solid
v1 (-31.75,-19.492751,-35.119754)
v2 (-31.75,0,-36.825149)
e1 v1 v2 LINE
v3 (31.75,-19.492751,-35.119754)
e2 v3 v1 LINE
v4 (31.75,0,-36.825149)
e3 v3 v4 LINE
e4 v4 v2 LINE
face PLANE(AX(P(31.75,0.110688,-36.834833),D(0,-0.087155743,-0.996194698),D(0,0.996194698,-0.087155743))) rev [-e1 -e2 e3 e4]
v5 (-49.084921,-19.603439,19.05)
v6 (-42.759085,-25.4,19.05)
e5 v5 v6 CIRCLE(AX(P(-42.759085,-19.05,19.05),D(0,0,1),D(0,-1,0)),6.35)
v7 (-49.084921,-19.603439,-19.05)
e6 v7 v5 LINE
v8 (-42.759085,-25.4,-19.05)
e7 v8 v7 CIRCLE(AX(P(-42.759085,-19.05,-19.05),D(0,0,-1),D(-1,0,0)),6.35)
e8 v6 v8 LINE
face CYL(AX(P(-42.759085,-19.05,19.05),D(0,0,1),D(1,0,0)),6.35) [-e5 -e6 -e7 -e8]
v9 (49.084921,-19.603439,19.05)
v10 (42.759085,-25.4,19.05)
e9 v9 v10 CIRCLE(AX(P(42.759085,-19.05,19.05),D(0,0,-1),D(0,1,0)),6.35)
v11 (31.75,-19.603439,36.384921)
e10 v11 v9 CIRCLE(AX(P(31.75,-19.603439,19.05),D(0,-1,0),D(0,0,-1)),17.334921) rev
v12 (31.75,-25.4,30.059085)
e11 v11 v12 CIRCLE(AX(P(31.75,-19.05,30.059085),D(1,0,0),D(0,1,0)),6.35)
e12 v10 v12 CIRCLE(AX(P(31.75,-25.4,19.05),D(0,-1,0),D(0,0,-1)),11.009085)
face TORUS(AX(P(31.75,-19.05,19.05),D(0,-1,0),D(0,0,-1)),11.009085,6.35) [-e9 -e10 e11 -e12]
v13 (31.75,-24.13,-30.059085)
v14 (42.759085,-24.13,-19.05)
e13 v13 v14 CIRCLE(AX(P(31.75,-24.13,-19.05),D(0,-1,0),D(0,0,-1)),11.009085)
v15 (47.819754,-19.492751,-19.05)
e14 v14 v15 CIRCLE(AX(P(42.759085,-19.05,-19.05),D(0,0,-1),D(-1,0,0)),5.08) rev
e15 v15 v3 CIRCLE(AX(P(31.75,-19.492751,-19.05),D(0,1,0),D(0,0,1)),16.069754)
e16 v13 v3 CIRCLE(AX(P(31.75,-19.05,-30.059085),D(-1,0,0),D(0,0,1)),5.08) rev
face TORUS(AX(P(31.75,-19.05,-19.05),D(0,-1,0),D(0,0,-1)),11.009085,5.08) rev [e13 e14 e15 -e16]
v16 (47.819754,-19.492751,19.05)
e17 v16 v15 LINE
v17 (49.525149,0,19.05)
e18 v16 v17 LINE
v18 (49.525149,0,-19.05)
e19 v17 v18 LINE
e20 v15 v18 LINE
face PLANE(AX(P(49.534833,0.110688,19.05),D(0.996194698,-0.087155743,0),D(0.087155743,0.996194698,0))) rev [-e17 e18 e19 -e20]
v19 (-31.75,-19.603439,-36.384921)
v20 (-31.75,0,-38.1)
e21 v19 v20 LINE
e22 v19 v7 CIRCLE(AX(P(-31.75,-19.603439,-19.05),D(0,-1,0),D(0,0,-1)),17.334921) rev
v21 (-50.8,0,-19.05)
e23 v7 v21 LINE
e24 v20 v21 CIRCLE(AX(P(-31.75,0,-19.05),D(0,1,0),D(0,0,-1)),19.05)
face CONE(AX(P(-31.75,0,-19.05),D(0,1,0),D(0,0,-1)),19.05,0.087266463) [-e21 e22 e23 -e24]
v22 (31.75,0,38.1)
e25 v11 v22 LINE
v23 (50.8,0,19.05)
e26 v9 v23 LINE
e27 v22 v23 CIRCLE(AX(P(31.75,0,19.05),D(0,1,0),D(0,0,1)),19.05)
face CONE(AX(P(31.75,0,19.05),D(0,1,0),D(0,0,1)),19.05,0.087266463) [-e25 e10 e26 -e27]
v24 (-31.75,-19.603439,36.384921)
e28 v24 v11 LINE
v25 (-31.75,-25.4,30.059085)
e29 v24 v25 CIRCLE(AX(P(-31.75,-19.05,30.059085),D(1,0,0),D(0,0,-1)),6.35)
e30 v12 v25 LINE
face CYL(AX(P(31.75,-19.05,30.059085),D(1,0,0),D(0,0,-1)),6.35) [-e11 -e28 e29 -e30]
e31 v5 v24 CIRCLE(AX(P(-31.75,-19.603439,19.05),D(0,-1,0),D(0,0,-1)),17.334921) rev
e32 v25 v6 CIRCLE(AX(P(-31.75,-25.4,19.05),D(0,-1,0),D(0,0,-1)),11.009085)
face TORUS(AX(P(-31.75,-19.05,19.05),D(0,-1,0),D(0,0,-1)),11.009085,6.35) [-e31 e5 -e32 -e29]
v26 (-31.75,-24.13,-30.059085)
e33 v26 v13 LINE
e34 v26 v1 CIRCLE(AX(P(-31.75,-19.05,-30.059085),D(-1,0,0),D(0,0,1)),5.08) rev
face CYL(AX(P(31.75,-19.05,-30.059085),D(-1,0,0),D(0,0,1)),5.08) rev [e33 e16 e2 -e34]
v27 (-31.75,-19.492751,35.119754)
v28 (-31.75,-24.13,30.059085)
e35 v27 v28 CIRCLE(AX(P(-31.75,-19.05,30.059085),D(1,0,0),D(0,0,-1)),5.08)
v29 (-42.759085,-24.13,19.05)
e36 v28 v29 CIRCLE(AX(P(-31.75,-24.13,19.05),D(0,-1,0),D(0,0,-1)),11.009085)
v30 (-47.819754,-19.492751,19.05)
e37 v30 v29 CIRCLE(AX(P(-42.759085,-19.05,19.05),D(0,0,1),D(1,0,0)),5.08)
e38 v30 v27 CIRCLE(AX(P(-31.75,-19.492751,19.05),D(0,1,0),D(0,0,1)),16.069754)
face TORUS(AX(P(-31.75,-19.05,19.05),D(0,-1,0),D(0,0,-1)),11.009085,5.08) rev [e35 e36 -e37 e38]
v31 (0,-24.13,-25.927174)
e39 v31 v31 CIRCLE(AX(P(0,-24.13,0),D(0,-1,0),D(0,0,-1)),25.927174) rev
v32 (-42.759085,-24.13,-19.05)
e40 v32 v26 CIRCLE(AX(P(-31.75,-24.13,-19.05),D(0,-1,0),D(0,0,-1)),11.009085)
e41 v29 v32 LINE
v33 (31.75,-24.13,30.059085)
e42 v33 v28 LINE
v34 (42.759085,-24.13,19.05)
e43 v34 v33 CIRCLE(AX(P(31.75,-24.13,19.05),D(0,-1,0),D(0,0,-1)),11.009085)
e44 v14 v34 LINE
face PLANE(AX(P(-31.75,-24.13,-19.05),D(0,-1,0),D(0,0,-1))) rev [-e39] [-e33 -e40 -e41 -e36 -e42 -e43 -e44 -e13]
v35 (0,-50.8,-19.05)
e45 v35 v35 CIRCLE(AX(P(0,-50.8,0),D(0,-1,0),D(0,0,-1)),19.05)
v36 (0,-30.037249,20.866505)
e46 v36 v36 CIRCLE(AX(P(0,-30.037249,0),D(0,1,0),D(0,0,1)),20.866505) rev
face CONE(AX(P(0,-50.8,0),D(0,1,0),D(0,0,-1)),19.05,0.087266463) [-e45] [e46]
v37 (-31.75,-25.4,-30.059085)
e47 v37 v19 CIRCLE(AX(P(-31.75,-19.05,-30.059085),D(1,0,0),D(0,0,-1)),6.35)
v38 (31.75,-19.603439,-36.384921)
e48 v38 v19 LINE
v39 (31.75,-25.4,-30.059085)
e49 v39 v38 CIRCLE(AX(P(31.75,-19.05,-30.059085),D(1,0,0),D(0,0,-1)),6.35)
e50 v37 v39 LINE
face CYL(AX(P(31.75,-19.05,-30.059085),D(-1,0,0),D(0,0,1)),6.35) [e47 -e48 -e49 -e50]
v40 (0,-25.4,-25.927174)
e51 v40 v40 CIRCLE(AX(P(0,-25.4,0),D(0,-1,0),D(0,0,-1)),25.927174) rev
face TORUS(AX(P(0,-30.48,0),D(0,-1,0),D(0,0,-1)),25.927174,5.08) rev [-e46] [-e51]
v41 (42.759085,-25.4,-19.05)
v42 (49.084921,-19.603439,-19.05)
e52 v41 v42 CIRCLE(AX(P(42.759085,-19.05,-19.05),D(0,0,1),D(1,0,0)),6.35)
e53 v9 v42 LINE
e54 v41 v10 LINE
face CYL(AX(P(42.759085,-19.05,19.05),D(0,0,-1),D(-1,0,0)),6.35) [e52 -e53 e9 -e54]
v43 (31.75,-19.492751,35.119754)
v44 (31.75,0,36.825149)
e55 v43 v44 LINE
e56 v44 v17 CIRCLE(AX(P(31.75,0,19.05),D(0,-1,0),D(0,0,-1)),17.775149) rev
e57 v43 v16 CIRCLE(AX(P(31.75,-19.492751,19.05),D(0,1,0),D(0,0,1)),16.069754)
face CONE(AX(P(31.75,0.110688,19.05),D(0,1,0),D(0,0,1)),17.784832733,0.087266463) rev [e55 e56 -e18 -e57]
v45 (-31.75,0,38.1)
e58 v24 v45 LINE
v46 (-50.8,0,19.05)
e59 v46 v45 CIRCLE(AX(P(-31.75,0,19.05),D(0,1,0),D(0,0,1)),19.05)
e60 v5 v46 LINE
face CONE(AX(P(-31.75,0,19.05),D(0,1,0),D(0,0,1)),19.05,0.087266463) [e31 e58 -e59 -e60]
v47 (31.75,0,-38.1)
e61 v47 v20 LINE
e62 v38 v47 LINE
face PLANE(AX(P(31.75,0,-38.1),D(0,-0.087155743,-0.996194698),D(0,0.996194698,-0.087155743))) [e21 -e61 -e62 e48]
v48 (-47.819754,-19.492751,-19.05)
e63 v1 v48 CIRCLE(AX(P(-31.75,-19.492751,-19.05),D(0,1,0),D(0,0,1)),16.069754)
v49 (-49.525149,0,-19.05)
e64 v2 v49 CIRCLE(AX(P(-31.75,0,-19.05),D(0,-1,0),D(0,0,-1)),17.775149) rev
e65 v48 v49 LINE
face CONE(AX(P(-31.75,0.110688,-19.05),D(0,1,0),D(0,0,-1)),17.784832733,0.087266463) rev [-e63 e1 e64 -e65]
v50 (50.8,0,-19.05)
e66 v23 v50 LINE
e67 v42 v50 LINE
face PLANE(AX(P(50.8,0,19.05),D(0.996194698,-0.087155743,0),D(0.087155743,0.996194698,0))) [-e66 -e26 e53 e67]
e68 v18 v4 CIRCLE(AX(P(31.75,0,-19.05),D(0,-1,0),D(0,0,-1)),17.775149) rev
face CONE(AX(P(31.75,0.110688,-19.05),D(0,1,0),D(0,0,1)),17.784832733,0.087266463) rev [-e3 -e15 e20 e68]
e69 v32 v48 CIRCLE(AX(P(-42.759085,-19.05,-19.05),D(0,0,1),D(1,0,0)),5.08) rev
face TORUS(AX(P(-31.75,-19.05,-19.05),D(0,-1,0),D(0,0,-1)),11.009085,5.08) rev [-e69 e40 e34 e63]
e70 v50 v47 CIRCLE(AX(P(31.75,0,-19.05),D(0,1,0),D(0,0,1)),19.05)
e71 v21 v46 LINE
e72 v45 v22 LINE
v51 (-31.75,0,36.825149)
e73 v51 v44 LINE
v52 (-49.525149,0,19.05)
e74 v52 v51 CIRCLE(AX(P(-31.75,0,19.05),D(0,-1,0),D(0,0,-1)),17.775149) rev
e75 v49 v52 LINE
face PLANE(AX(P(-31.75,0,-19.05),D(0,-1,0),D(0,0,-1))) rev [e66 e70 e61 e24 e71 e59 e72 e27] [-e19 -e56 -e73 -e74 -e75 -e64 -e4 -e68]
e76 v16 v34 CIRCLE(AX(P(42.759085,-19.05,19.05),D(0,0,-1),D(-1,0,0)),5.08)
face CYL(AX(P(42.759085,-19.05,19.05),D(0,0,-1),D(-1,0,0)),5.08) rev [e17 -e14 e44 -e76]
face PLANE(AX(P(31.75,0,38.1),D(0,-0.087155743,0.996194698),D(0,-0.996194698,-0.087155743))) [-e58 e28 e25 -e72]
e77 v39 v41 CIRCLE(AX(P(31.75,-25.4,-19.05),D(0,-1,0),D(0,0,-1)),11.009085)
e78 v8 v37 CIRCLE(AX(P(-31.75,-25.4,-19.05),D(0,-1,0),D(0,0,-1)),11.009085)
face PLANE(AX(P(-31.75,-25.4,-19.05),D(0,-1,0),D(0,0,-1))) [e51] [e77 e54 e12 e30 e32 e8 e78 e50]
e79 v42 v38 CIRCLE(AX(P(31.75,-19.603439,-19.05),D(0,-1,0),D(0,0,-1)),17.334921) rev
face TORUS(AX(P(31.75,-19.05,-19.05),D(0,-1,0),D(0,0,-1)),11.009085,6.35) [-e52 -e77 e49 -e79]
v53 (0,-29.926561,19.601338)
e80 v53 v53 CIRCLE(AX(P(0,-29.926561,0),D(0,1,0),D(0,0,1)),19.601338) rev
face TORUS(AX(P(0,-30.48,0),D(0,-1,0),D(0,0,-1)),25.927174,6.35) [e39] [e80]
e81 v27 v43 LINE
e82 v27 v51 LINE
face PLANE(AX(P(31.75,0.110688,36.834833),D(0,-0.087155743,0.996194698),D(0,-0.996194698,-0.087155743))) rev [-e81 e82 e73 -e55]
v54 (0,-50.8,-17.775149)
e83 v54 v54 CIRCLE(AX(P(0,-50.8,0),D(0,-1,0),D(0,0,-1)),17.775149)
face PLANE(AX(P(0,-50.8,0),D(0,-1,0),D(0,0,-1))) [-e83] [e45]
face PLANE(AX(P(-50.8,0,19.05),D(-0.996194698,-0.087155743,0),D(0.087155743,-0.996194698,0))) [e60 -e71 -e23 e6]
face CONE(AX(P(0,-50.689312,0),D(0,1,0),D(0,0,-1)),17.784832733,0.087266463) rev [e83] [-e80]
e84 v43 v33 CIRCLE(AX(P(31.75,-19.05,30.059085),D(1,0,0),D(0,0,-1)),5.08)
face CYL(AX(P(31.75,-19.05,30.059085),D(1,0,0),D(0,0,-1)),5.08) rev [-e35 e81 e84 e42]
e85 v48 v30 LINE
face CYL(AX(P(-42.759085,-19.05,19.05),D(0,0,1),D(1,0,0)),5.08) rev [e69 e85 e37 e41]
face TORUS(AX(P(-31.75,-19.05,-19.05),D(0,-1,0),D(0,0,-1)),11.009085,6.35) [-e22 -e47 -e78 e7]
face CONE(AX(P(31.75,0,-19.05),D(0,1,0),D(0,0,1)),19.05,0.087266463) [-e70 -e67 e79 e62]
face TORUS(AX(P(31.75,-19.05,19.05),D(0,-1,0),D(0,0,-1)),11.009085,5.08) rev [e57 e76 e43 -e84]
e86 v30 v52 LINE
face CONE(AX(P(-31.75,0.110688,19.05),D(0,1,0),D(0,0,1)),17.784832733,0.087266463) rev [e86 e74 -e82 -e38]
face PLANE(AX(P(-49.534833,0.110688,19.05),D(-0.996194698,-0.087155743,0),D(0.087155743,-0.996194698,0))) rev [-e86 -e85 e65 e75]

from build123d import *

# Parameters (mm, degrees)
BOSS_EXTRUDE1_DEPTH = 25.4
BOSS_EXTRUDE1_DRAFT = -5
BOSS_EXTRUDE2_REACH = 83.32
SKETCH3_R           = 19.05
BOSS_EXTRUDE2_DRAFT = 5
FILLET1_R           = 5.08
FILLET2_R           = 6.35
SHELL1_T            = -1.27


with BuildPart() as part:
    # Sketch1 → Boss-Extrude1 (with draft: the straight prism first)
    with BuildSketch(Plane(origin=(0, 0, 0), x_dir=(1, 0, 0), z_dir=(0, 1, 0))):
        with BuildLine():
            ThreePointArc((31.75, -38.1), (45.220384182, -32.520384182), (50.8, -19.05))
            Line((50.8, -19.05), (50.8, 19.05))
            ThreePointArc((50.8, 19.05), (45.220384182, 32.520384182), (31.75, 38.1))
            Line((31.75, 38.1), (-31.75, 38.1))
            ThreePointArc((-31.75, 38.1), (-45.220384182, 32.520384182), (-50.8, 19.05))
            Line((-50.8, 19.05), (-50.8, -19.05))
            ThreePointArc((-50.8, -19.05), (-45.220384182, -32.520384182), (-31.75, -38.1))
            Line((-31.75, -38.1), (31.75, -38.1))
        make_face()
    extrude(amount=-BOSS_EXTRUDE1_DEPTH)
    # Boss-Extrude1: the draft: its side faces are tilted about the plane it starts from
    boss_extrude1_sides = [part.faces().sort_by_distance(p)[0] for p in [
        (45.220384182, -12.7, 32.520384182),
        (50.8, -12.7, 0),
        (45.220384182, -12.7, -32.520384182),
        (0, -12.7, -38.1),
        (-45.220384182, -12.7, -32.520384182),
        (-50.8, -12.7, 0),
        (-45.220384182, -12.7, 32.520384182),
        (0, -12.7, 38.1),
    ]]
    draft(boss_extrude1_sides, Plane(origin=(0, 0, 0), x_dir=(1, 0, 0), z_dir=(0, 1, 0)), BOSS_EXTRUDE1_DRAFT)




with BuildPart() as boss_extrude2_long_prism_1:
    # Sketch3 → Boss-Extrude2 (the long prism of profile 1, to be tilted and cut off)
    with BuildSketch(Plane(origin=(0, -50.8, 0), x_dir=(-1, 0, 0), z_dir=(0, -1, 0))):
        Circle(SKETCH3_R)
    extrude(amount=-BOSS_EXTRUDE2_REACH)
    boss_extrude2_tool1_sides = [boss_extrude2_long_prism_1.faces().sort_by_distance(p)[0] for p in [
        (19.05, -9.14, 0),
    ]]
    draft(boss_extrude2_tool1_sides, Plane(origin=(0, -50.8, 0), x_dir=(-1, 0, 0), z_dir=(0, -1, 0)), BOSS_EXTRUDE2_DRAFT)  # the draft: side faces tilted about the start plane


with BuildPart() as part_1:
    add(part.part)
    boss_extrude2_tool1 = boss_extrude2_long_prism_1.part - part.part
    add(boss_extrude2_tool1.solids().sort_by_distance((0, -50.8, 0))[0])

    # Fillet1
    fillet1_edges = [part_1.edges().sort_by_distance(p)[0] for p in [
        (21.272212054, -25.4, 0),
    ]]
    fillet(fillet1_edges, radius=FILLET1_R)

    # Fillet2
    fillet2_edges = [part_1.edges().sort_by_distance(p)[0] for p in [
        (-43.649042969, -25.4, 30.949042969),
        (0, -25.4, 35.877787946),
        (43.649042969, -25.4, 30.949042969),
        (48.577787946, -25.4, 0),
        (43.649042969, -25.4, -30.949042969),
        (0, -25.4, -35.877787946),
        (-43.649042969, -25.4, -30.949042969),
        (-48.577787946, -25.4, 0),
    ]]
    fillet(fillet2_edges, radius=FILLET2_R)

    # Shell1
    shell1_openings = [part_1.faces().sort_by_distance(p)[0] for p in [
        (0, -50.8, 0),
        (0, 0, 0),
    ]]
    offset(amount=SHELL1_T, openings=shell1_openings, kind=Kind.INTERSECTION)


solid = part_1.part
